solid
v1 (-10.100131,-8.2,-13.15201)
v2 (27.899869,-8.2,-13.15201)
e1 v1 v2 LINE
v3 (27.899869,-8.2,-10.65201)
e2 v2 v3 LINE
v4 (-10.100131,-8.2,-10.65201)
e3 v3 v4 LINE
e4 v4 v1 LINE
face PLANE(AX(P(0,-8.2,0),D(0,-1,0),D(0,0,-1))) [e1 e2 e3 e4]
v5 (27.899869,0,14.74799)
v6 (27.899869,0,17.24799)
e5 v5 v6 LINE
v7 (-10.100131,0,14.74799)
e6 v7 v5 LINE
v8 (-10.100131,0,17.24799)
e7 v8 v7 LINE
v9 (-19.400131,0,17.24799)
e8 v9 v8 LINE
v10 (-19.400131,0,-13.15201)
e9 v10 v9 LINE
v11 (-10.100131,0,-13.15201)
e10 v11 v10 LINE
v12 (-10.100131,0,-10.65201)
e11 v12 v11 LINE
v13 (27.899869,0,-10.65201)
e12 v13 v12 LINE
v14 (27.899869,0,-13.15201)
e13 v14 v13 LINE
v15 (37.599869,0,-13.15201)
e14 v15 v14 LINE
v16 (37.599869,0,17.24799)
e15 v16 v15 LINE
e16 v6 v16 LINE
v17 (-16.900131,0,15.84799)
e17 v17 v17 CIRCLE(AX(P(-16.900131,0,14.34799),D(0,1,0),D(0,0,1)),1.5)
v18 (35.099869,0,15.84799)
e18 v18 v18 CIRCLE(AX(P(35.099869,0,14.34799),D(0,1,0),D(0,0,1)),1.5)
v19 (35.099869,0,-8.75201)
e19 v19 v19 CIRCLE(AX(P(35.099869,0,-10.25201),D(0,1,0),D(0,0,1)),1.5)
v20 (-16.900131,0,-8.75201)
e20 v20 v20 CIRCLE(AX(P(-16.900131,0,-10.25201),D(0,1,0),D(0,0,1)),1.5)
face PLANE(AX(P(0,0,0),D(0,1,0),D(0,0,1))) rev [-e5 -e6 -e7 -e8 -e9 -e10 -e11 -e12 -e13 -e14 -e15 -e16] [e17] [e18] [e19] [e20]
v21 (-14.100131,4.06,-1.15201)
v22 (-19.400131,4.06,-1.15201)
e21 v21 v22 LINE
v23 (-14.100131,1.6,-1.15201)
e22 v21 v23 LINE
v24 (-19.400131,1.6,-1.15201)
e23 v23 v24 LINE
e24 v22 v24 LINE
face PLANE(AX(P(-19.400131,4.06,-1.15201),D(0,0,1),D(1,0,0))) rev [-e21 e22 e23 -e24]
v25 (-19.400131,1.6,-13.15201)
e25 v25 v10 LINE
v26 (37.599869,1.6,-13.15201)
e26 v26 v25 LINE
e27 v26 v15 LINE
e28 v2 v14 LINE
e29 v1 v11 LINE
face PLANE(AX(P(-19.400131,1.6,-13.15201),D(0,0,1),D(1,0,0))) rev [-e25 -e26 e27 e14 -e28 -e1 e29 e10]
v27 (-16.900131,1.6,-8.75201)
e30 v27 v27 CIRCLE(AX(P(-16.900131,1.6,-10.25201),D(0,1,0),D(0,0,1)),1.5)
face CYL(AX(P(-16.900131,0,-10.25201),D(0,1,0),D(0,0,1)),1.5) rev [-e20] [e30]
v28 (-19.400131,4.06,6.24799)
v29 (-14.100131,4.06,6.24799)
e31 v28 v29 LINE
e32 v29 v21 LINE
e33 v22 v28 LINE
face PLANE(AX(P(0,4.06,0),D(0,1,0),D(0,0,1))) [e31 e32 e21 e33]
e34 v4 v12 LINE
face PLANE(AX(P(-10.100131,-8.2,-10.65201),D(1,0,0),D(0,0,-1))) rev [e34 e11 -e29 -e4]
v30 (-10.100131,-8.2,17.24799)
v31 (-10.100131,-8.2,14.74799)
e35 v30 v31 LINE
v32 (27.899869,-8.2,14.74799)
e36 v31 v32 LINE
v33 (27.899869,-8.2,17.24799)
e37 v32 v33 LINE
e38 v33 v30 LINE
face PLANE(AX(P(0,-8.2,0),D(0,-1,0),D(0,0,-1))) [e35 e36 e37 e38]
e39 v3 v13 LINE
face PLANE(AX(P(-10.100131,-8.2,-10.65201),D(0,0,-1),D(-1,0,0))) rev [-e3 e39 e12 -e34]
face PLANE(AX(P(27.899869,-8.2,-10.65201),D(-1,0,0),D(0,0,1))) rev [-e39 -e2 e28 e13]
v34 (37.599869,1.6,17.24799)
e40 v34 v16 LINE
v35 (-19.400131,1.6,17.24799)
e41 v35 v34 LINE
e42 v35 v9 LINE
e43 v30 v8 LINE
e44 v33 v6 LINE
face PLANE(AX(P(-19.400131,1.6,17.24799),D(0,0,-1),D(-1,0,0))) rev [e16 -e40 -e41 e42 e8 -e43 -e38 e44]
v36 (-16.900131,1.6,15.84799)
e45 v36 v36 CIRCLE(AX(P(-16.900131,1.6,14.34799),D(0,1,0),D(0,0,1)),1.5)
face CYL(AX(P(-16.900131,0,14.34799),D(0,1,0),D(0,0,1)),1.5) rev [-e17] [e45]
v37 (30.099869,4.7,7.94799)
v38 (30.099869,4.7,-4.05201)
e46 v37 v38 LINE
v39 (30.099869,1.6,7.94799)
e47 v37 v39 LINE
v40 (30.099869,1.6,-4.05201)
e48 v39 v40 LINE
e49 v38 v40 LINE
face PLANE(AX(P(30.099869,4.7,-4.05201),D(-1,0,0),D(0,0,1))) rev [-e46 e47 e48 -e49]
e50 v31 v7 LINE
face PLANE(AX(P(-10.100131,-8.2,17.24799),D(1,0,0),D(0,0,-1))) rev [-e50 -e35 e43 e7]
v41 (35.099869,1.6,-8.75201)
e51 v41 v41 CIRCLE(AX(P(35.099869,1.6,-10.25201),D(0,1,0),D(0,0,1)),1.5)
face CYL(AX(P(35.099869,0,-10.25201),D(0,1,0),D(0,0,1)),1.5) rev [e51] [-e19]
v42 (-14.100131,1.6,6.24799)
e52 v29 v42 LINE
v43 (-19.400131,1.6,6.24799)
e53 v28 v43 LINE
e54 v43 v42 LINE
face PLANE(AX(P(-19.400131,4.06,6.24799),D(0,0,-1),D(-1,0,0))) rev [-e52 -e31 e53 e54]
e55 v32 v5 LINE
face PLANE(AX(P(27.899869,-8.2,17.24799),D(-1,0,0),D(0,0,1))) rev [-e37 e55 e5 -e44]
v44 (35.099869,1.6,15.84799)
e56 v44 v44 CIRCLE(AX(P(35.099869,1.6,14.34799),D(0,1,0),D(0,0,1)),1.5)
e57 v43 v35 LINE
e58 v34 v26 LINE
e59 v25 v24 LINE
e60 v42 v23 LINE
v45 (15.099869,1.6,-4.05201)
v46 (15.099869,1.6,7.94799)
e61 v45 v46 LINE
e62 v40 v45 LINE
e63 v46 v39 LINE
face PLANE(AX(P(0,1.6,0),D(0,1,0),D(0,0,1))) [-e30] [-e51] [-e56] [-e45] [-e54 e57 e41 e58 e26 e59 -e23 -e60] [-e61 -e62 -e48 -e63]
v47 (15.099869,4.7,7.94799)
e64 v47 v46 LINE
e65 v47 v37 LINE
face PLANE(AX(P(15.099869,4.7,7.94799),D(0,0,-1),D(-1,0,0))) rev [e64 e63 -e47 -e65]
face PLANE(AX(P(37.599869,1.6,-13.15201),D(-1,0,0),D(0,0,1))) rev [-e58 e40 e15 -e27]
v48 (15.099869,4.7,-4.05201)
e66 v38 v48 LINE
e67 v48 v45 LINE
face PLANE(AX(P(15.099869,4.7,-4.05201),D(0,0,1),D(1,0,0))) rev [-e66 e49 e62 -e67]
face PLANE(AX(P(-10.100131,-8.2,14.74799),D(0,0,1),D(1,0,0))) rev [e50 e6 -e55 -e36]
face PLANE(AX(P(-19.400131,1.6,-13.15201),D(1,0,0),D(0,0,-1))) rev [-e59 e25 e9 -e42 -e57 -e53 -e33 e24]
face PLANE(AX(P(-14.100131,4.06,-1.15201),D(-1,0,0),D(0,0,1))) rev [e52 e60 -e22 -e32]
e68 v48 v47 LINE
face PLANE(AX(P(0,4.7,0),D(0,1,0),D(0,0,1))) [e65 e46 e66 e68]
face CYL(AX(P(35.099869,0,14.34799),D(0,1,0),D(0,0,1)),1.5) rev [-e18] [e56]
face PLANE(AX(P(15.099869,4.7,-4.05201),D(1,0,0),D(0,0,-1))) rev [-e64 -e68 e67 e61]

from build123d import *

# Parameters (mm, degrees)
SKETCH_1_W          = 57
SKETCH_1_H          = 30.4
EXTRUDE_1_DEPTH     = 1.6
SKETCH_2_W          = 15
SKETCH_2_H          = 12
EXTRUDE_2_DEPTH     = 3.1
SKETCH_3_W          = 5.3
SKETCH_3_H          = 7.4
EXTRUDE_3_DEPTH     = 2.46
SKETCH_4_R          = 1.5
CUT_EXTRUDE_1_DEPTH = 2.6
SKETCH_5_W          = 38
SKETCH_5_H          = 2.5
EXTRUDE_4_DEPTH     = 8.2


with BuildPart() as part:
    # 草图1 → 凸台-拉伸1 (new body)
    with BuildSketch(Plane(origin=(0, 0, 0), x_dir=(1, 0, 0), z_dir=(0, 1, 0))):
        with Locations((9.099869202, -2.04798995)):
            Rectangle(SKETCH_1_W, SKETCH_1_H)
    extrude(amount=EXTRUDE_1_DEPTH)

    # 草图2 → 凸台-拉伸2 (add)
    with BuildSketch(Plane(origin=(0, 1.6, 0), x_dir=(1, 0, 0), z_dir=(0, 1, 0))):
        with Locations((22.599869202, -1.94798995)):
            Rectangle(SKETCH_2_W, SKETCH_2_H)
    extrude(amount=EXTRUDE_2_DEPTH)

    # 草图3 → 凸台-拉伸3 (add)
    with BuildSketch(Plane(origin=(0, 1.6, 0), x_dir=(1, 0, 0), z_dir=(0, 1, 0))):
        with Locations((-16.750130798, -2.54798995)):
            Rectangle(SKETCH_3_W, SKETCH_3_H)
    extrude(amount=EXTRUDE_3_DEPTH)

    # 草图4 → 切除-拉伸1 (cut, through all)
    with BuildSketch(Plane(origin=(0, 1.6, 0), x_dir=(1, 0, 0), z_dir=(0, 1, 0))):
        with Locations((-16.900130798, 10.25201005)):
            Circle(SKETCH_4_R)
        with Locations((-16.900130798, -14.34798995)):
            Circle(SKETCH_4_R)
        with Locations((35.099869202, -14.34798995)):
            Circle(SKETCH_4_R)
        with Locations((35.099869202, 10.25201005)):
            Circle(SKETCH_4_R)
    extrude(amount=-CUT_EXTRUDE_1_DEPTH, mode=Mode.SUBTRACT)

    # 草图5 → 凸台-拉伸4 (add)
    with BuildSketch(Plane.XZ):
        with Locations((8.899869202, 15.99798995)):
            Rectangle(SKETCH_5_W, SKETCH_5_H)
        with Locations((8.899869202, -11.90201005)):
            Rectangle(SKETCH_5_W, SKETCH_5_H)
    extrude(amount=EXTRUDE_4_DEPTH)


solid = part.part
